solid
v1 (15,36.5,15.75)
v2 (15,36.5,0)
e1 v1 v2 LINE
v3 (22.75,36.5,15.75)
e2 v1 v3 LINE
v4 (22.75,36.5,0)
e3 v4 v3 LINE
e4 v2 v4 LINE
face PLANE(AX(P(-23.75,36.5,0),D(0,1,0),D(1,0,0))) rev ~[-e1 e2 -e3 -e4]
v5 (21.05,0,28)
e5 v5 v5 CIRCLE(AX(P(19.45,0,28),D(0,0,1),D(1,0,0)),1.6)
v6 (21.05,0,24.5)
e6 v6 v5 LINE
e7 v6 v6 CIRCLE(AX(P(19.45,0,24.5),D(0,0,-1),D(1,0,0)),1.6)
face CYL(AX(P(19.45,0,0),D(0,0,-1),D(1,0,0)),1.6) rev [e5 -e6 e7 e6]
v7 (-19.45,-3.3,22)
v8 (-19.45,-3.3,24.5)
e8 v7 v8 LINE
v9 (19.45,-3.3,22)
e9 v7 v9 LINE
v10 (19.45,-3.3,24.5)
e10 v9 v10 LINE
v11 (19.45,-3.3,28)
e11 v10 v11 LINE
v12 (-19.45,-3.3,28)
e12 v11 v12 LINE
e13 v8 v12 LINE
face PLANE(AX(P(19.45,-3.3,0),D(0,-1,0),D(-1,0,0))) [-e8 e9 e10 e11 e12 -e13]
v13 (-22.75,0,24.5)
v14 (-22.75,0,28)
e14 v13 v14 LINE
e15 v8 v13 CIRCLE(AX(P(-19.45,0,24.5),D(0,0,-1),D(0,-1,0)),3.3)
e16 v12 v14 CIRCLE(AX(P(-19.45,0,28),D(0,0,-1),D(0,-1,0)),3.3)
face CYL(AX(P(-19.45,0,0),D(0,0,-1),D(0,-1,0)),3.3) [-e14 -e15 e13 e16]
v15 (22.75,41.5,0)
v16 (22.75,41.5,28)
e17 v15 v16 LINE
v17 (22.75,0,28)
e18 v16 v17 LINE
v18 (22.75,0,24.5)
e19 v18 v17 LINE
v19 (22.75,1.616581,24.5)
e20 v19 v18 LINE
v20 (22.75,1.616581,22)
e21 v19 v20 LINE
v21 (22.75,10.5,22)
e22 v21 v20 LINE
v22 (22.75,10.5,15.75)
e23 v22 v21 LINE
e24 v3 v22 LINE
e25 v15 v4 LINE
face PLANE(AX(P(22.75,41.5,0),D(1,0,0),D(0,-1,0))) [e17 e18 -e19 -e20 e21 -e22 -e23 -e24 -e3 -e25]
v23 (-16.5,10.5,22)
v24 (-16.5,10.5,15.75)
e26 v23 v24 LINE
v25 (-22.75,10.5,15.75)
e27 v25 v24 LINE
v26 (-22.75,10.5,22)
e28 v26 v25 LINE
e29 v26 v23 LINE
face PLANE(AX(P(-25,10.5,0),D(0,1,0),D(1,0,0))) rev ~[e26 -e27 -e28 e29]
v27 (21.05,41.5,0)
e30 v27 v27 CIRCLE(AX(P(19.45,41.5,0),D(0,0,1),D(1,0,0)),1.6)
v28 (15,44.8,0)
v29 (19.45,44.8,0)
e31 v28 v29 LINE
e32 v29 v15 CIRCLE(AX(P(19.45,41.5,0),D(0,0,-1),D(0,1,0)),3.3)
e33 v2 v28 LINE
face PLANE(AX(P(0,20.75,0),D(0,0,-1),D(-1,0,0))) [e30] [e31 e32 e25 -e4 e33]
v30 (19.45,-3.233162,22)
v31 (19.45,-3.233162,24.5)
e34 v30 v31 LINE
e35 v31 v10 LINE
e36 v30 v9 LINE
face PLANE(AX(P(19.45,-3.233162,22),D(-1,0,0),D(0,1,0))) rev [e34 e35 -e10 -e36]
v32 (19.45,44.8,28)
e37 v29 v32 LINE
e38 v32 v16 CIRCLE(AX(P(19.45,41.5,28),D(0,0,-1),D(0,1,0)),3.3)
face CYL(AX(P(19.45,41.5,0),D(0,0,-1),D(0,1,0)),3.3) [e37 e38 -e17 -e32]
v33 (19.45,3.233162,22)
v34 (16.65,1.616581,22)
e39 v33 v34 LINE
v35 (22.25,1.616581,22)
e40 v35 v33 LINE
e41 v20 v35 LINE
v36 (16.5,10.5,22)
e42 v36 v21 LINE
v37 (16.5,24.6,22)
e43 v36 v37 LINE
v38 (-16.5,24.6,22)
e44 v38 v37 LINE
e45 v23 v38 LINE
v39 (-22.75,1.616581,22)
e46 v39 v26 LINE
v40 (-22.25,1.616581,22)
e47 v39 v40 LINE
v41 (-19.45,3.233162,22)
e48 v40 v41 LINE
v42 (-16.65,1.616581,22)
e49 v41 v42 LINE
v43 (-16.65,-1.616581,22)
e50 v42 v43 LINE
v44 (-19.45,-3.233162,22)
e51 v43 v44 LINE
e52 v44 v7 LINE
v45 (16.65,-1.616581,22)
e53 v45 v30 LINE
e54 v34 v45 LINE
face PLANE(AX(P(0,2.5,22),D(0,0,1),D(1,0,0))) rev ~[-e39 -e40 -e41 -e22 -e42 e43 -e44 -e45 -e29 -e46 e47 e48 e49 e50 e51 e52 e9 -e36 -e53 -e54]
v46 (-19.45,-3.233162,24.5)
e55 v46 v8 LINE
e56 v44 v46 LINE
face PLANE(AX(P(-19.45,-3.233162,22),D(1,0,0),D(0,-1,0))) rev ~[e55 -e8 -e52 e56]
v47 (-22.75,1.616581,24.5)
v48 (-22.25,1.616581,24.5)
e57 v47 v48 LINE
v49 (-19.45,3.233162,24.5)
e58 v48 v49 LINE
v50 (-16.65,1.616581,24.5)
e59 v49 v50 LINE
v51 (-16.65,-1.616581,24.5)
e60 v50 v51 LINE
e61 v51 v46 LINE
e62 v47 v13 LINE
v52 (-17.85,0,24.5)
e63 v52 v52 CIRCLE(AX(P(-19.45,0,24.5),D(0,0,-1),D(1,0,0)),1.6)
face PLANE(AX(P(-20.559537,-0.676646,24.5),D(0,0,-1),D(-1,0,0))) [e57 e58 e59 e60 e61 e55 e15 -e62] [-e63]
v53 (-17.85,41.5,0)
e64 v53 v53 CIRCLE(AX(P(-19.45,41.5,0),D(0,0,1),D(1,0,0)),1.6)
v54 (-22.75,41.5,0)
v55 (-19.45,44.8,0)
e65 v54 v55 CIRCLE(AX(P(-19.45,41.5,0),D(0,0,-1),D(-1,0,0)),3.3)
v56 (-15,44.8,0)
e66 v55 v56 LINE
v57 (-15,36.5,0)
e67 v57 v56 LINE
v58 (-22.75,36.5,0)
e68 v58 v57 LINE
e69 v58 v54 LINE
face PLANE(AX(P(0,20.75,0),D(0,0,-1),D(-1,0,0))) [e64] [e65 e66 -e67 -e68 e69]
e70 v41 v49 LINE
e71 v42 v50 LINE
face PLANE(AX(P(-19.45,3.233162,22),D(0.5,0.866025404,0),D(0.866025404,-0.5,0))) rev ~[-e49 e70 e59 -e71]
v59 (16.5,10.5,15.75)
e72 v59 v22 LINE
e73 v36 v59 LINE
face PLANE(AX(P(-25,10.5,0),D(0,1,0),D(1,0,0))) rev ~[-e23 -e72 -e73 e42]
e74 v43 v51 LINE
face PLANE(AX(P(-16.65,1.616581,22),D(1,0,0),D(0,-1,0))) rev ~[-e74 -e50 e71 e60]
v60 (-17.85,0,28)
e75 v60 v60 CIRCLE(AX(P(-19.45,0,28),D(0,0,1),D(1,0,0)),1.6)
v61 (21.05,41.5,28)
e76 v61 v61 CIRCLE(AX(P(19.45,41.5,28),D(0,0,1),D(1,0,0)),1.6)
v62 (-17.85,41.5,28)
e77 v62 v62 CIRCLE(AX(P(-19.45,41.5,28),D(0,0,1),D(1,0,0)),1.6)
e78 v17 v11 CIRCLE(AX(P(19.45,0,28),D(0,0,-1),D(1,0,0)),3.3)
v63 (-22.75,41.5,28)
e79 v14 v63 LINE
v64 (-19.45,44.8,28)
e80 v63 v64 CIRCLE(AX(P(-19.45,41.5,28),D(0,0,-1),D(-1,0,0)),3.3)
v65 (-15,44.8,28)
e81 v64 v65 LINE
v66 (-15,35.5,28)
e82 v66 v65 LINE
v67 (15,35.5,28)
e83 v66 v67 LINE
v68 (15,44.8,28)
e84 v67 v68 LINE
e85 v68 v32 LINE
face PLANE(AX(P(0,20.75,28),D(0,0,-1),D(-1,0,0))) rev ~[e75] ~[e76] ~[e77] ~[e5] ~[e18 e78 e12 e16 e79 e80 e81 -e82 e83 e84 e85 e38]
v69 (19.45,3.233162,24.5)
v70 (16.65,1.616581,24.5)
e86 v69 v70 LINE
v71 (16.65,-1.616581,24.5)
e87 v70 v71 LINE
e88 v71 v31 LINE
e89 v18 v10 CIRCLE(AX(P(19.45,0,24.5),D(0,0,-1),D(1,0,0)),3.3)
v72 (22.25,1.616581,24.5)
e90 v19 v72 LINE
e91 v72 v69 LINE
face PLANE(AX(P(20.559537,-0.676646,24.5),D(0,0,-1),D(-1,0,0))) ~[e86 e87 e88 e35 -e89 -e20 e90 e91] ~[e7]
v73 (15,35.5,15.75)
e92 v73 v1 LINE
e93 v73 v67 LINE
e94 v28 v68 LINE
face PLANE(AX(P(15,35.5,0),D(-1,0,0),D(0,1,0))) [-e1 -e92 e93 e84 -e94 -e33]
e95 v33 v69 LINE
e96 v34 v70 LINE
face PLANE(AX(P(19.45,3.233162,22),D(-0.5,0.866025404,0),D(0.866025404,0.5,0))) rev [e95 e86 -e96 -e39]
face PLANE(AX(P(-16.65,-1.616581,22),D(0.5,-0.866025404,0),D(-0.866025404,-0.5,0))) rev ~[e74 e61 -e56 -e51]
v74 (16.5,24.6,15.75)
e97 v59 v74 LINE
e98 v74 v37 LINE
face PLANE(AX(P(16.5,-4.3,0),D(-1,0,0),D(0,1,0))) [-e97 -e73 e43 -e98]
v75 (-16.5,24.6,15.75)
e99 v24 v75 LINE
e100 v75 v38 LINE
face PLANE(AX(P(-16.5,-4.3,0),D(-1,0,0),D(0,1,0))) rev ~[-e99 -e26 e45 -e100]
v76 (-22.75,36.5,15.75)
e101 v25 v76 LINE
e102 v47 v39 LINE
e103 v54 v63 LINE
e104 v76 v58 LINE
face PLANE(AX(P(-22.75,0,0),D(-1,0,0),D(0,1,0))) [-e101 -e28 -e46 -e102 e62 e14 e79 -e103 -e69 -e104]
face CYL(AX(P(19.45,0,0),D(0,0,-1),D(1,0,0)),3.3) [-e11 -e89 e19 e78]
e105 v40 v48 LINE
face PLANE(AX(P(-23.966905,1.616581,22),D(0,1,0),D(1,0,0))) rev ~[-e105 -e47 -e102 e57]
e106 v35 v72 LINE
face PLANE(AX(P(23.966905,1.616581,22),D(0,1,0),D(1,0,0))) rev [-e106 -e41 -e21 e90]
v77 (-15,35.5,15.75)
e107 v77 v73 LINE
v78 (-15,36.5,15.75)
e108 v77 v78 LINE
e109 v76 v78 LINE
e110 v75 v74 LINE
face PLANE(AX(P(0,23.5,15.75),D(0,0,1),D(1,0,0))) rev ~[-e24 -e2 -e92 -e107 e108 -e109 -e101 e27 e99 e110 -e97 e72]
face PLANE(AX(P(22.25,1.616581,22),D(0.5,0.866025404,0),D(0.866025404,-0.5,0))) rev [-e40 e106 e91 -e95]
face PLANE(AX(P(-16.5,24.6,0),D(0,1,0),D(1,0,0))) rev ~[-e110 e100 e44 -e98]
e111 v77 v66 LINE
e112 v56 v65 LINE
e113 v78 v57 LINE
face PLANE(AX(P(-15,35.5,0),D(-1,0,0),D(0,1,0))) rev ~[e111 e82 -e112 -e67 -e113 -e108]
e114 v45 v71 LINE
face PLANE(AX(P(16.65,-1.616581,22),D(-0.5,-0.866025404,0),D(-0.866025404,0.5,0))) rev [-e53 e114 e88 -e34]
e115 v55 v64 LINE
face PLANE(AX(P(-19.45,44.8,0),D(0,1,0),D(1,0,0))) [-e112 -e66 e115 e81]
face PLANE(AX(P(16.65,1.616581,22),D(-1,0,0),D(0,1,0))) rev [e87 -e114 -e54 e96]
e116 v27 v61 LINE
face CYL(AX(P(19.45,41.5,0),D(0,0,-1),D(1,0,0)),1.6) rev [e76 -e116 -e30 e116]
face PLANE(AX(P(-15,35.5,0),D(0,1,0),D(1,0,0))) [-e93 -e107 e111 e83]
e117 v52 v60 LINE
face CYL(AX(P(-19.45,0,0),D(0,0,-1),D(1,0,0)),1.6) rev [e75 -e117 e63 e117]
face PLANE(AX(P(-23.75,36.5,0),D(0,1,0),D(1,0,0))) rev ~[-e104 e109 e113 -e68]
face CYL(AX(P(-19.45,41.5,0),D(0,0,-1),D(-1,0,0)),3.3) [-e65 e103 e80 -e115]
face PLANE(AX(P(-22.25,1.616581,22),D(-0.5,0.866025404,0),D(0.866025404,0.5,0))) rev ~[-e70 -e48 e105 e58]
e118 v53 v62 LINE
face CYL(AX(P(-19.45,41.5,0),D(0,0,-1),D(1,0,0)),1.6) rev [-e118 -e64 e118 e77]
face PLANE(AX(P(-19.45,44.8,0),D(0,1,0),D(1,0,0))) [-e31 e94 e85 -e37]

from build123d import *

# Parameters (mm, degrees)
SKICA1_R                 = 1.6
P_IDAT_VYSUNUT_M1_DEPTH  = 28
SKICA5_W                 = 33
SKICA5_H                 = 28.9
ODEBRAT_VYSUNUT_M3_DEPTH = 22
SKICA7_W                 = 30
SKICA7_H                 = 10.3
ODEBRAT_VYSUNUT_M5_DEPTH = 29
SKICA6_W                 = 47.5
SKICA6_H                 = 26
ODEBRAT_VYSUNUT_M4_DEPTH = 15.75
SKICA8_W                 = 50
SKICA8_H                 = 16
ODEBRAT_VYSUNUT_M6_DEPTH = 22
ODEBRAT_VYSUNUT_M7_DEPTH = 2.5


with BuildPart() as part:
    # Skica1 → Přidat vysunutím1 (new body)
    with BuildSketch(Plane.XY):
        with BuildLine():
            Line((19.45, -3.3), (-19.45, -3.3))
            ThreePointArc((-19.45, -3.3), (-21.783452378, -2.333452378), (-22.75, 0))
            Line((-22.75, 0), (-22.75, 41.5))
            ThreePointArc((-22.75, 41.5), (-21.783452378, 43.833452378), (-19.45, 44.8))
            Line((-19.45, 44.8), (19.45, 44.8))
            ThreePointArc((19.45, 44.8), (21.783452378, 43.833452378), (22.75, 41.5))
            Line((22.75, 41.5), (22.75, 0))
            ThreePointArc((22.75, 0), (21.783452378, -2.333452378), (19.45, -3.3))
        make_face()
        with Locations((19.45, 0)):
            Circle(SKICA1_R, mode=Mode.SUBTRACT)
        with Locations((-19.45, 0)):
            Circle(SKICA1_R, mode=Mode.SUBTRACT)
        with Locations((19.45, 41.5)):
            Circle(SKICA1_R, mode=Mode.SUBTRACT)
        with Locations((-19.45, 41.5)):
            Circle(SKICA1_R, mode=Mode.SUBTRACT)
    extrude(amount=P_IDAT_VYSUNUT_M1_DEPTH)

    # Skica5 → Odebrat vysunutím3 (cut)
    with BuildSketch(Plane.XY):
        with Locations((0, 10.15)):
            Rectangle(SKICA5_W, SKICA5_H)
    extrude(amount=ODEBRAT_VYSUNUT_M3_DEPTH, mode=Mode.SUBTRACT)

    # Skica7 → Odebrat vysunutím5 (cut, through all)
    with BuildSketch(Plane.XY):
        with Locations((0, 40.65)):
            Rectangle(SKICA7_W, SKICA7_H)
    extrude(amount=ODEBRAT_VYSUNUT_M5_DEPTH, mode=Mode.SUBTRACT)

    # Skica6 → Odebrat vysunutím4 (cut)
    with BuildSketch(Plane.XY):
        with Locations((0, 23.5)):
            Rectangle(SKICA6_W, SKICA6_H)
    extrude(amount=ODEBRAT_VYSUNUT_M4_DEPTH, mode=Mode.SUBTRACT)

    # Skica8 → Odebrat vysunutím6 (cut)
    with BuildSketch(Plane.XY):
        with Locations((0, 2.5)):
            Rectangle(SKICA8_W, SKICA8_H)
    extrude(amount=ODEBRAT_VYSUNUT_M6_DEPTH, mode=Mode.SUBTRACT)

    # Skica9 → Odebrat vysunutím7 (cut)
    with BuildSketch(Plane.XY.offset(22)):
        Polygon((-19.45, -3.233161507), (-19.45, -4.03299561), (-23.966905363, -4.03299561), (-23.966905363, 1.616580754), (-22.25, 1.616580754), (-19.45, 3.233161507), (-16.65, 1.616580754), (-16.65, -1.616580754), align=None)
    odebrat_vysunut_m7 = extrude(amount=ODEBRAT_VYSUNUT_M7_DEPTH, mode=Mode.SUBTRACT)

    # Zrcadlit1: Odebrat vysunutím7 across plane
    add(odebrat_vysunut_m7.mirror(Plane(origin=(0, 0, 0), x_dir=(0, 0, 1), z_dir=(1, 0, 0))), mode=Mode.SUBTRACT)


solid = part.part
